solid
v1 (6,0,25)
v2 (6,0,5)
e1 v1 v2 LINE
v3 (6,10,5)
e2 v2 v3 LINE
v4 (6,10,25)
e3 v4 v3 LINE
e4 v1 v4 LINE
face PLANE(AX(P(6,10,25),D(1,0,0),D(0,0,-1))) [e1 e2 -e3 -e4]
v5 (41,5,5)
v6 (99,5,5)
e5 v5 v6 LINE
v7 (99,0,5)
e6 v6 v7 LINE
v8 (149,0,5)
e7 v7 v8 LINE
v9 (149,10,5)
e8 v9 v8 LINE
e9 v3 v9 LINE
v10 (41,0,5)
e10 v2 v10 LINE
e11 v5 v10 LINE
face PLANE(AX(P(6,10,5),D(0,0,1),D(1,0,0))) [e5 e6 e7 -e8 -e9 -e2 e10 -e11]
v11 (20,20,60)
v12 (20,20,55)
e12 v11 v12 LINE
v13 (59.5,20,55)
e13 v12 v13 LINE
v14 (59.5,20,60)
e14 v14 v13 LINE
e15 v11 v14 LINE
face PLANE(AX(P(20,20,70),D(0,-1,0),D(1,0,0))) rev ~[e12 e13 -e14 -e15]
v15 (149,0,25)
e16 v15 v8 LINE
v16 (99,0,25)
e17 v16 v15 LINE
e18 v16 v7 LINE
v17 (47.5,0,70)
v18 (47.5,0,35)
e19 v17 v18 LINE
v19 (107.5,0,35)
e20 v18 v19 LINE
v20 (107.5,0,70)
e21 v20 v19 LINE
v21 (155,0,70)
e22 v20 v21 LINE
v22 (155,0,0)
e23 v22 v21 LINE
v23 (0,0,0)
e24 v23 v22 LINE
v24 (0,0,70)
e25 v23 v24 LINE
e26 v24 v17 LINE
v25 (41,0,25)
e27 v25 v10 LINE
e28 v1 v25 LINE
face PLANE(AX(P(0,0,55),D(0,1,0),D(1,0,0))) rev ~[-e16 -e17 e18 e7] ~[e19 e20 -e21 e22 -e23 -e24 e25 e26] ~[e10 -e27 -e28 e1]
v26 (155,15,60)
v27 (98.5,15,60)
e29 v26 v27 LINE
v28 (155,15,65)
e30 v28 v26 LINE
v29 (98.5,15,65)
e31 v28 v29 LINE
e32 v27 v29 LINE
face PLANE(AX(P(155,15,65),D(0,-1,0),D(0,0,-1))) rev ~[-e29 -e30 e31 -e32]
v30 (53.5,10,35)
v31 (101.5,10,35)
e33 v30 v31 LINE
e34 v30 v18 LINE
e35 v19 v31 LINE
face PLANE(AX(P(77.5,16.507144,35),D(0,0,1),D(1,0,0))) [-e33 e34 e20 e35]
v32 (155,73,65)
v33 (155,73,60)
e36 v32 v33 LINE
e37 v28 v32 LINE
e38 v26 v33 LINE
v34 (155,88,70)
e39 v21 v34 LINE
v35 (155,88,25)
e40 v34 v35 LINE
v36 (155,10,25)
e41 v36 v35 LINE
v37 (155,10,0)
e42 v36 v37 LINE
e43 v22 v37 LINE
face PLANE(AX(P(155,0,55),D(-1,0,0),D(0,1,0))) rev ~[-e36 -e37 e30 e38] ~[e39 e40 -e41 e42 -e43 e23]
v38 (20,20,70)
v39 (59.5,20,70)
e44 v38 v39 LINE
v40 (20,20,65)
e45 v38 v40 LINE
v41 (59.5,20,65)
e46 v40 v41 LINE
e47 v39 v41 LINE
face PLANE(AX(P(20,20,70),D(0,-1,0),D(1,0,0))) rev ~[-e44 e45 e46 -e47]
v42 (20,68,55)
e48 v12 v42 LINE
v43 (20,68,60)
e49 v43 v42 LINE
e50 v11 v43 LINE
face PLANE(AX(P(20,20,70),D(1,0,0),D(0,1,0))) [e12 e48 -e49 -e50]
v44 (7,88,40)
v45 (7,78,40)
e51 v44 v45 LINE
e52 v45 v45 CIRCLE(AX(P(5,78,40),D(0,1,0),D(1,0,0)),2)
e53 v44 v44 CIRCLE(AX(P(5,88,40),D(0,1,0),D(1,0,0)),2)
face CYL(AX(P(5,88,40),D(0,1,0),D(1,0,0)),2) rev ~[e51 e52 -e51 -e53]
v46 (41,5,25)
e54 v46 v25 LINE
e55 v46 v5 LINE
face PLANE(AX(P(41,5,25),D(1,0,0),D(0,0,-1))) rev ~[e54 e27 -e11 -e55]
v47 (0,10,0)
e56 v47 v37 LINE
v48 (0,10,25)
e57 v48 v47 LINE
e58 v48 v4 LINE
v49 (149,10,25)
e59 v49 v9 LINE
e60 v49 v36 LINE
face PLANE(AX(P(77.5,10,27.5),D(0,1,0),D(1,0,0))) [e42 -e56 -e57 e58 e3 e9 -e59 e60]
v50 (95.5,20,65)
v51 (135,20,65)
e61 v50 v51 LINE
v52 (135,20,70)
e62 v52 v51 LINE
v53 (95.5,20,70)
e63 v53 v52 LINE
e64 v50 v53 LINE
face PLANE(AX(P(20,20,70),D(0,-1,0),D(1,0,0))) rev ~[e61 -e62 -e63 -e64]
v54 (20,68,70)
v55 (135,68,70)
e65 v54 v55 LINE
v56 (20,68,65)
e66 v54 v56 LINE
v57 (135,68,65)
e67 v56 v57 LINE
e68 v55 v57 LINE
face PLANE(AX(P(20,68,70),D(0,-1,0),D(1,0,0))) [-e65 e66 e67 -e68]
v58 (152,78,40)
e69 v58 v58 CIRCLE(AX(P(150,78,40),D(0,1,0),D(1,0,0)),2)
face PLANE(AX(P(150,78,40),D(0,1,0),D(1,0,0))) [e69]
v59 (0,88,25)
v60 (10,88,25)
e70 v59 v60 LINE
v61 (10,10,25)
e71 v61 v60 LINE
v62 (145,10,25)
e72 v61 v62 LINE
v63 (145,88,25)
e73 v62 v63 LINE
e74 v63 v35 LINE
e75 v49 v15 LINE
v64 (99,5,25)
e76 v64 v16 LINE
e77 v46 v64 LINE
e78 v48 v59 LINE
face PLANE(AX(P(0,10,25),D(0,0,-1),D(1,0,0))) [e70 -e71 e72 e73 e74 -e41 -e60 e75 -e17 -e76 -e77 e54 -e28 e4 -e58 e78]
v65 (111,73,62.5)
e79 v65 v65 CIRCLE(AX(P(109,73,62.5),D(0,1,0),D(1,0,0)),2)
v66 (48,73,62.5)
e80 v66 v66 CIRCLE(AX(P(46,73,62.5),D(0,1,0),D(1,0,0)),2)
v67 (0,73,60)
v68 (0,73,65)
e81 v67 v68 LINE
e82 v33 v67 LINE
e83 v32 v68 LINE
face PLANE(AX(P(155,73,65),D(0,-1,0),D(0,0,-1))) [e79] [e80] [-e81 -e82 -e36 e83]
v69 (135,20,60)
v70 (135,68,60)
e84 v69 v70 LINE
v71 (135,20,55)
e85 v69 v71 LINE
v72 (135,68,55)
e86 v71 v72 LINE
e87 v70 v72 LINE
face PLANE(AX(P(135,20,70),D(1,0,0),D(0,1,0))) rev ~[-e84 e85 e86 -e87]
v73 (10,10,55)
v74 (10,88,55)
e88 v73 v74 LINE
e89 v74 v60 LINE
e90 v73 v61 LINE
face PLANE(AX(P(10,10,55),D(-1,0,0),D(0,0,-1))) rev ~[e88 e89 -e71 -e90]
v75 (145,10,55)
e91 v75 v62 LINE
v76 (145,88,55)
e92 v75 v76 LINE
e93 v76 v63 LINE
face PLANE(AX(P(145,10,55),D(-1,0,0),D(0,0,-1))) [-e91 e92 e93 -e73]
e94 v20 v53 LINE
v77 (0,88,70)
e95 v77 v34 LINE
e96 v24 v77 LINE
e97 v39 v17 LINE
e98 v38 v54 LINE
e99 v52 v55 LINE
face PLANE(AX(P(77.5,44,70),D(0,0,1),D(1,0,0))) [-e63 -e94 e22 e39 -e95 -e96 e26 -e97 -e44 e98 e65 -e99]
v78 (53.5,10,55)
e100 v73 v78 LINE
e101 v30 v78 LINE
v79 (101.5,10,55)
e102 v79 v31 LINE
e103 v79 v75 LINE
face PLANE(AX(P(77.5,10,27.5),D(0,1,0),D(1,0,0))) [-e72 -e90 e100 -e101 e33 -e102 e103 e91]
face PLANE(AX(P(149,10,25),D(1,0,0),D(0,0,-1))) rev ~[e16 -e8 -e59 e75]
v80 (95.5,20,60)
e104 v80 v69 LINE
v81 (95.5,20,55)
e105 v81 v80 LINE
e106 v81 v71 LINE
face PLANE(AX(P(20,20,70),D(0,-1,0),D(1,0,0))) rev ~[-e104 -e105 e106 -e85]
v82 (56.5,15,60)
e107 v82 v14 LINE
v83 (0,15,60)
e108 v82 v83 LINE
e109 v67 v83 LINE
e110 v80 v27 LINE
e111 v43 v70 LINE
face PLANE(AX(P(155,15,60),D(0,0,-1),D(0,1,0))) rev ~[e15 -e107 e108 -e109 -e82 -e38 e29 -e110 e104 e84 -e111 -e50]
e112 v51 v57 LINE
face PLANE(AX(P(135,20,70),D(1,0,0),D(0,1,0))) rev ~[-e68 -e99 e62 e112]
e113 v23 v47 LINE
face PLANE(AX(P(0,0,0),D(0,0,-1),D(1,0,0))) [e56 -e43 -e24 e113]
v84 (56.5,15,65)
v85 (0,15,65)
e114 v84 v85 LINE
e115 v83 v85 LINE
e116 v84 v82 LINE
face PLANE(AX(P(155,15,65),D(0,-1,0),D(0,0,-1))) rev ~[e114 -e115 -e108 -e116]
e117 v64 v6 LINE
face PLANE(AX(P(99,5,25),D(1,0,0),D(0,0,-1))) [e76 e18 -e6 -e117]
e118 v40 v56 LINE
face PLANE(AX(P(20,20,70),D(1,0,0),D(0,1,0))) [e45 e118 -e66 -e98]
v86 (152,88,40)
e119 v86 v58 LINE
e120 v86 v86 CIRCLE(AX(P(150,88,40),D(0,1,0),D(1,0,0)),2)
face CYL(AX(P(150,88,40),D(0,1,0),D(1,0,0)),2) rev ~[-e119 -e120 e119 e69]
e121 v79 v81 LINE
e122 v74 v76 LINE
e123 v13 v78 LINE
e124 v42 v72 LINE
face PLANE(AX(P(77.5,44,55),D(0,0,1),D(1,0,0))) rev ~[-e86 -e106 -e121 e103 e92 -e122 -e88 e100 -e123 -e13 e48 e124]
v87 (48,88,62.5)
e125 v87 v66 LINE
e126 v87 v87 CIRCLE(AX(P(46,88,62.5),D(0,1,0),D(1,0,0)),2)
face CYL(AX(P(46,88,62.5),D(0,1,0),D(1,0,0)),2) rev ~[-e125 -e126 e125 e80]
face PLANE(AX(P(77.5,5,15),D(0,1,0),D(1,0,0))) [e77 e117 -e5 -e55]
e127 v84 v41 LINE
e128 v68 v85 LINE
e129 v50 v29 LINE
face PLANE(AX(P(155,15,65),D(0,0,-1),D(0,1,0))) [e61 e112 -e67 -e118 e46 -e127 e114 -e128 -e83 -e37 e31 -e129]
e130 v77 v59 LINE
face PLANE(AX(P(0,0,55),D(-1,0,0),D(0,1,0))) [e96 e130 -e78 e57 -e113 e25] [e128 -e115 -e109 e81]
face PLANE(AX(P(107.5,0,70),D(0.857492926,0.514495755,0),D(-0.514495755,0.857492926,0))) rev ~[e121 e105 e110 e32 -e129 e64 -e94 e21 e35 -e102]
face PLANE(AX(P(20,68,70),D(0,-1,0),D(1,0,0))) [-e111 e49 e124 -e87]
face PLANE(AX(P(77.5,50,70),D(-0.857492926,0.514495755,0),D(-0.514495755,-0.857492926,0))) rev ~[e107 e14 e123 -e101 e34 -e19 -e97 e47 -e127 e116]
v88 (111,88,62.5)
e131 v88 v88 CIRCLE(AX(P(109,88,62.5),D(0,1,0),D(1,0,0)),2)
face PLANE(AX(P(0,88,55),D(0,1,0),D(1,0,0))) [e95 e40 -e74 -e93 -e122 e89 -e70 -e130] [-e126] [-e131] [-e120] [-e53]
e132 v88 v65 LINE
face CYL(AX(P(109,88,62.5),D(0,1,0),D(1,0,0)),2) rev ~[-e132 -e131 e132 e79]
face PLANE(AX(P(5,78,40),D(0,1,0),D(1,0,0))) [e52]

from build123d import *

# Parameters (mm, degrees)
SKETCH1_W           = 155
SKETCH1_H           = 55
BOSS_EXTRUDE1_DEPTH = 10
SKETCH2_W           = 143
SKETCH2_H           = 20
CUT_EXTRUDE1_DEPTH  = 5
SKETCH3_W           = 10
SKETCH3_H           = 30
BOSS_EXTRUDE2_DEPTH = 78
SKETCH4_W           = 35
SKETCH4_H           = 20
SKETCH4_W_2         = 50
CUT_EXTRUDE2_DEPTH  = 78
SKETCH5_W           = 155
SKETCH5_H           = 88
BOSS_EXTRUDE3_DEPTH = 15
SKETCH6_W           = 115
SKETCH6_H           = 48
CUT_EXTRUDE3_DEPTH  = 20
SKETCH7_W           = 5
SKETCH7_H           = 58
CUT_EXTRUDE4_DEPTH  = 200
CUT_EXTRUDE5_DEPTH  = 35
SKETCH9_R           = 2
CUT_EXTRUDE6_DEPTH  = 10
SKETCH10_R          = 2
CUT_EXTRUDE7_DEPTH  = 20


with BuildPart() as part:
    # Sketch1 → Boss-Extrude1 (new body)
    with BuildSketch(Plane(origin=(0, 0, 0), x_dir=(1, 0, 0), z_dir=(0, 1, 0))):
        with Locations((77.5, -27.5)):
            Rectangle(SKETCH1_W, SKETCH1_H)
    extrude(amount=BOSS_EXTRUDE1_DEPTH)

    # Sketch2 → Cut-Extrude1 (cut)
    with BuildSketch(Plane(origin=(0, 10, 0), x_dir=(1, 0, 0), z_dir=(0, 1, 0))):
        with Locations((77.5, -15)):
            Rectangle(SKETCH2_W, SKETCH2_H)
    extrude(amount=-CUT_EXTRUDE1_DEPTH, mode=Mode.SUBTRACT)

    # Sketch3 → Boss-Extrude2 (add)
    with BuildSketch(Plane(origin=(0, 10, 0), x_dir=(1, 0, 0), z_dir=(0, 1, 0))):
        with Locations((5, -40)):
            Rectangle(SKETCH3_W, SKETCH3_H)
        with Locations((150, -40)):
            Rectangle(SKETCH3_W, SKETCH3_H)
    extrude(amount=BOSS_EXTRUDE2_DEPTH)

    # Sketch4 → Cut-Extrude2 (cut)
    with BuildSketch(Plane(origin=(0, 5, 0), x_dir=(1, 0, 0), z_dir=(0, 1, 0))):
        with Locations((23.5, -15)):
            Rectangle(SKETCH4_W, SKETCH4_H)
        with Locations((124, -15)):
            Rectangle(SKETCH4_W_2, SKETCH4_H)
    extrude(amount=-CUT_EXTRUDE2_DEPTH, mode=Mode.SUBTRACT)

    # Sketch5 → Boss-Extrude3 (add)
    with BuildSketch(Plane.XY.offset(55)):
        with Locations((77.5, 44)):
            Rectangle(SKETCH5_W, SKETCH5_H)
    extrude(amount=BOSS_EXTRUDE3_DEPTH)

    # Sketch6 → Cut-Extrude3 (cut)
    with BuildSketch(Plane.XY.offset(70)):
        with Locations((77.5, 44)):
            Rectangle(SKETCH6_W, SKETCH6_H)
    extrude(amount=-CUT_EXTRUDE3_DEPTH, mode=Mode.SUBTRACT)

    # Sketch7 → Cut-Extrude4 (cut)
    with BuildSketch(Plane(origin=(155, 0, 0), x_dir=(0, 0, -1), z_dir=(1, 0, 0))):
        with Locations((-62.5, 44)):
            Rectangle(SKETCH7_W, SKETCH7_H)
    extrude(amount=-CUT_EXTRUDE4_DEPTH, mode=Mode.SUBTRACT)

    # Sketch8 → Cut-Extrude5 (cut)
    with BuildSketch(Plane.XY.offset(70)):
        Polygon((47.5, 0), (107.5, 0), (77.5, 50), align=None)
    extrude(amount=-CUT_EXTRUDE5_DEPTH, mode=Mode.SUBTRACT)

    # Sketch9 → Cut-Extrude6 (cut)
    with BuildSketch(Plane(origin=(0, 88, 0), x_dir=(1, 0, 0), z_dir=(0, 1, 0))):
        with Locations((150, -40)):
            Circle(SKETCH9_R)
        with Locations((5, -40)):
            Circle(SKETCH9_R)
    extrude(amount=-CUT_EXTRUDE6_DEPTH, mode=Mode.SUBTRACT)

    # Sketch10 → Cut-Extrude7 (cut)
    with BuildSketch(Plane(origin=(0, 88, 0), x_dir=(1, 0, 0), z_dir=(0, 1, 0))):
        with Locations((109, -62.5)):
            Circle(SKETCH10_R)
        with Locations((46, -62.5)):
            Circle(SKETCH10_R)
    extrude(amount=-CUT_EXTRUDE7_DEPTH, mode=Mode.SUBTRACT)


solid = part.part
